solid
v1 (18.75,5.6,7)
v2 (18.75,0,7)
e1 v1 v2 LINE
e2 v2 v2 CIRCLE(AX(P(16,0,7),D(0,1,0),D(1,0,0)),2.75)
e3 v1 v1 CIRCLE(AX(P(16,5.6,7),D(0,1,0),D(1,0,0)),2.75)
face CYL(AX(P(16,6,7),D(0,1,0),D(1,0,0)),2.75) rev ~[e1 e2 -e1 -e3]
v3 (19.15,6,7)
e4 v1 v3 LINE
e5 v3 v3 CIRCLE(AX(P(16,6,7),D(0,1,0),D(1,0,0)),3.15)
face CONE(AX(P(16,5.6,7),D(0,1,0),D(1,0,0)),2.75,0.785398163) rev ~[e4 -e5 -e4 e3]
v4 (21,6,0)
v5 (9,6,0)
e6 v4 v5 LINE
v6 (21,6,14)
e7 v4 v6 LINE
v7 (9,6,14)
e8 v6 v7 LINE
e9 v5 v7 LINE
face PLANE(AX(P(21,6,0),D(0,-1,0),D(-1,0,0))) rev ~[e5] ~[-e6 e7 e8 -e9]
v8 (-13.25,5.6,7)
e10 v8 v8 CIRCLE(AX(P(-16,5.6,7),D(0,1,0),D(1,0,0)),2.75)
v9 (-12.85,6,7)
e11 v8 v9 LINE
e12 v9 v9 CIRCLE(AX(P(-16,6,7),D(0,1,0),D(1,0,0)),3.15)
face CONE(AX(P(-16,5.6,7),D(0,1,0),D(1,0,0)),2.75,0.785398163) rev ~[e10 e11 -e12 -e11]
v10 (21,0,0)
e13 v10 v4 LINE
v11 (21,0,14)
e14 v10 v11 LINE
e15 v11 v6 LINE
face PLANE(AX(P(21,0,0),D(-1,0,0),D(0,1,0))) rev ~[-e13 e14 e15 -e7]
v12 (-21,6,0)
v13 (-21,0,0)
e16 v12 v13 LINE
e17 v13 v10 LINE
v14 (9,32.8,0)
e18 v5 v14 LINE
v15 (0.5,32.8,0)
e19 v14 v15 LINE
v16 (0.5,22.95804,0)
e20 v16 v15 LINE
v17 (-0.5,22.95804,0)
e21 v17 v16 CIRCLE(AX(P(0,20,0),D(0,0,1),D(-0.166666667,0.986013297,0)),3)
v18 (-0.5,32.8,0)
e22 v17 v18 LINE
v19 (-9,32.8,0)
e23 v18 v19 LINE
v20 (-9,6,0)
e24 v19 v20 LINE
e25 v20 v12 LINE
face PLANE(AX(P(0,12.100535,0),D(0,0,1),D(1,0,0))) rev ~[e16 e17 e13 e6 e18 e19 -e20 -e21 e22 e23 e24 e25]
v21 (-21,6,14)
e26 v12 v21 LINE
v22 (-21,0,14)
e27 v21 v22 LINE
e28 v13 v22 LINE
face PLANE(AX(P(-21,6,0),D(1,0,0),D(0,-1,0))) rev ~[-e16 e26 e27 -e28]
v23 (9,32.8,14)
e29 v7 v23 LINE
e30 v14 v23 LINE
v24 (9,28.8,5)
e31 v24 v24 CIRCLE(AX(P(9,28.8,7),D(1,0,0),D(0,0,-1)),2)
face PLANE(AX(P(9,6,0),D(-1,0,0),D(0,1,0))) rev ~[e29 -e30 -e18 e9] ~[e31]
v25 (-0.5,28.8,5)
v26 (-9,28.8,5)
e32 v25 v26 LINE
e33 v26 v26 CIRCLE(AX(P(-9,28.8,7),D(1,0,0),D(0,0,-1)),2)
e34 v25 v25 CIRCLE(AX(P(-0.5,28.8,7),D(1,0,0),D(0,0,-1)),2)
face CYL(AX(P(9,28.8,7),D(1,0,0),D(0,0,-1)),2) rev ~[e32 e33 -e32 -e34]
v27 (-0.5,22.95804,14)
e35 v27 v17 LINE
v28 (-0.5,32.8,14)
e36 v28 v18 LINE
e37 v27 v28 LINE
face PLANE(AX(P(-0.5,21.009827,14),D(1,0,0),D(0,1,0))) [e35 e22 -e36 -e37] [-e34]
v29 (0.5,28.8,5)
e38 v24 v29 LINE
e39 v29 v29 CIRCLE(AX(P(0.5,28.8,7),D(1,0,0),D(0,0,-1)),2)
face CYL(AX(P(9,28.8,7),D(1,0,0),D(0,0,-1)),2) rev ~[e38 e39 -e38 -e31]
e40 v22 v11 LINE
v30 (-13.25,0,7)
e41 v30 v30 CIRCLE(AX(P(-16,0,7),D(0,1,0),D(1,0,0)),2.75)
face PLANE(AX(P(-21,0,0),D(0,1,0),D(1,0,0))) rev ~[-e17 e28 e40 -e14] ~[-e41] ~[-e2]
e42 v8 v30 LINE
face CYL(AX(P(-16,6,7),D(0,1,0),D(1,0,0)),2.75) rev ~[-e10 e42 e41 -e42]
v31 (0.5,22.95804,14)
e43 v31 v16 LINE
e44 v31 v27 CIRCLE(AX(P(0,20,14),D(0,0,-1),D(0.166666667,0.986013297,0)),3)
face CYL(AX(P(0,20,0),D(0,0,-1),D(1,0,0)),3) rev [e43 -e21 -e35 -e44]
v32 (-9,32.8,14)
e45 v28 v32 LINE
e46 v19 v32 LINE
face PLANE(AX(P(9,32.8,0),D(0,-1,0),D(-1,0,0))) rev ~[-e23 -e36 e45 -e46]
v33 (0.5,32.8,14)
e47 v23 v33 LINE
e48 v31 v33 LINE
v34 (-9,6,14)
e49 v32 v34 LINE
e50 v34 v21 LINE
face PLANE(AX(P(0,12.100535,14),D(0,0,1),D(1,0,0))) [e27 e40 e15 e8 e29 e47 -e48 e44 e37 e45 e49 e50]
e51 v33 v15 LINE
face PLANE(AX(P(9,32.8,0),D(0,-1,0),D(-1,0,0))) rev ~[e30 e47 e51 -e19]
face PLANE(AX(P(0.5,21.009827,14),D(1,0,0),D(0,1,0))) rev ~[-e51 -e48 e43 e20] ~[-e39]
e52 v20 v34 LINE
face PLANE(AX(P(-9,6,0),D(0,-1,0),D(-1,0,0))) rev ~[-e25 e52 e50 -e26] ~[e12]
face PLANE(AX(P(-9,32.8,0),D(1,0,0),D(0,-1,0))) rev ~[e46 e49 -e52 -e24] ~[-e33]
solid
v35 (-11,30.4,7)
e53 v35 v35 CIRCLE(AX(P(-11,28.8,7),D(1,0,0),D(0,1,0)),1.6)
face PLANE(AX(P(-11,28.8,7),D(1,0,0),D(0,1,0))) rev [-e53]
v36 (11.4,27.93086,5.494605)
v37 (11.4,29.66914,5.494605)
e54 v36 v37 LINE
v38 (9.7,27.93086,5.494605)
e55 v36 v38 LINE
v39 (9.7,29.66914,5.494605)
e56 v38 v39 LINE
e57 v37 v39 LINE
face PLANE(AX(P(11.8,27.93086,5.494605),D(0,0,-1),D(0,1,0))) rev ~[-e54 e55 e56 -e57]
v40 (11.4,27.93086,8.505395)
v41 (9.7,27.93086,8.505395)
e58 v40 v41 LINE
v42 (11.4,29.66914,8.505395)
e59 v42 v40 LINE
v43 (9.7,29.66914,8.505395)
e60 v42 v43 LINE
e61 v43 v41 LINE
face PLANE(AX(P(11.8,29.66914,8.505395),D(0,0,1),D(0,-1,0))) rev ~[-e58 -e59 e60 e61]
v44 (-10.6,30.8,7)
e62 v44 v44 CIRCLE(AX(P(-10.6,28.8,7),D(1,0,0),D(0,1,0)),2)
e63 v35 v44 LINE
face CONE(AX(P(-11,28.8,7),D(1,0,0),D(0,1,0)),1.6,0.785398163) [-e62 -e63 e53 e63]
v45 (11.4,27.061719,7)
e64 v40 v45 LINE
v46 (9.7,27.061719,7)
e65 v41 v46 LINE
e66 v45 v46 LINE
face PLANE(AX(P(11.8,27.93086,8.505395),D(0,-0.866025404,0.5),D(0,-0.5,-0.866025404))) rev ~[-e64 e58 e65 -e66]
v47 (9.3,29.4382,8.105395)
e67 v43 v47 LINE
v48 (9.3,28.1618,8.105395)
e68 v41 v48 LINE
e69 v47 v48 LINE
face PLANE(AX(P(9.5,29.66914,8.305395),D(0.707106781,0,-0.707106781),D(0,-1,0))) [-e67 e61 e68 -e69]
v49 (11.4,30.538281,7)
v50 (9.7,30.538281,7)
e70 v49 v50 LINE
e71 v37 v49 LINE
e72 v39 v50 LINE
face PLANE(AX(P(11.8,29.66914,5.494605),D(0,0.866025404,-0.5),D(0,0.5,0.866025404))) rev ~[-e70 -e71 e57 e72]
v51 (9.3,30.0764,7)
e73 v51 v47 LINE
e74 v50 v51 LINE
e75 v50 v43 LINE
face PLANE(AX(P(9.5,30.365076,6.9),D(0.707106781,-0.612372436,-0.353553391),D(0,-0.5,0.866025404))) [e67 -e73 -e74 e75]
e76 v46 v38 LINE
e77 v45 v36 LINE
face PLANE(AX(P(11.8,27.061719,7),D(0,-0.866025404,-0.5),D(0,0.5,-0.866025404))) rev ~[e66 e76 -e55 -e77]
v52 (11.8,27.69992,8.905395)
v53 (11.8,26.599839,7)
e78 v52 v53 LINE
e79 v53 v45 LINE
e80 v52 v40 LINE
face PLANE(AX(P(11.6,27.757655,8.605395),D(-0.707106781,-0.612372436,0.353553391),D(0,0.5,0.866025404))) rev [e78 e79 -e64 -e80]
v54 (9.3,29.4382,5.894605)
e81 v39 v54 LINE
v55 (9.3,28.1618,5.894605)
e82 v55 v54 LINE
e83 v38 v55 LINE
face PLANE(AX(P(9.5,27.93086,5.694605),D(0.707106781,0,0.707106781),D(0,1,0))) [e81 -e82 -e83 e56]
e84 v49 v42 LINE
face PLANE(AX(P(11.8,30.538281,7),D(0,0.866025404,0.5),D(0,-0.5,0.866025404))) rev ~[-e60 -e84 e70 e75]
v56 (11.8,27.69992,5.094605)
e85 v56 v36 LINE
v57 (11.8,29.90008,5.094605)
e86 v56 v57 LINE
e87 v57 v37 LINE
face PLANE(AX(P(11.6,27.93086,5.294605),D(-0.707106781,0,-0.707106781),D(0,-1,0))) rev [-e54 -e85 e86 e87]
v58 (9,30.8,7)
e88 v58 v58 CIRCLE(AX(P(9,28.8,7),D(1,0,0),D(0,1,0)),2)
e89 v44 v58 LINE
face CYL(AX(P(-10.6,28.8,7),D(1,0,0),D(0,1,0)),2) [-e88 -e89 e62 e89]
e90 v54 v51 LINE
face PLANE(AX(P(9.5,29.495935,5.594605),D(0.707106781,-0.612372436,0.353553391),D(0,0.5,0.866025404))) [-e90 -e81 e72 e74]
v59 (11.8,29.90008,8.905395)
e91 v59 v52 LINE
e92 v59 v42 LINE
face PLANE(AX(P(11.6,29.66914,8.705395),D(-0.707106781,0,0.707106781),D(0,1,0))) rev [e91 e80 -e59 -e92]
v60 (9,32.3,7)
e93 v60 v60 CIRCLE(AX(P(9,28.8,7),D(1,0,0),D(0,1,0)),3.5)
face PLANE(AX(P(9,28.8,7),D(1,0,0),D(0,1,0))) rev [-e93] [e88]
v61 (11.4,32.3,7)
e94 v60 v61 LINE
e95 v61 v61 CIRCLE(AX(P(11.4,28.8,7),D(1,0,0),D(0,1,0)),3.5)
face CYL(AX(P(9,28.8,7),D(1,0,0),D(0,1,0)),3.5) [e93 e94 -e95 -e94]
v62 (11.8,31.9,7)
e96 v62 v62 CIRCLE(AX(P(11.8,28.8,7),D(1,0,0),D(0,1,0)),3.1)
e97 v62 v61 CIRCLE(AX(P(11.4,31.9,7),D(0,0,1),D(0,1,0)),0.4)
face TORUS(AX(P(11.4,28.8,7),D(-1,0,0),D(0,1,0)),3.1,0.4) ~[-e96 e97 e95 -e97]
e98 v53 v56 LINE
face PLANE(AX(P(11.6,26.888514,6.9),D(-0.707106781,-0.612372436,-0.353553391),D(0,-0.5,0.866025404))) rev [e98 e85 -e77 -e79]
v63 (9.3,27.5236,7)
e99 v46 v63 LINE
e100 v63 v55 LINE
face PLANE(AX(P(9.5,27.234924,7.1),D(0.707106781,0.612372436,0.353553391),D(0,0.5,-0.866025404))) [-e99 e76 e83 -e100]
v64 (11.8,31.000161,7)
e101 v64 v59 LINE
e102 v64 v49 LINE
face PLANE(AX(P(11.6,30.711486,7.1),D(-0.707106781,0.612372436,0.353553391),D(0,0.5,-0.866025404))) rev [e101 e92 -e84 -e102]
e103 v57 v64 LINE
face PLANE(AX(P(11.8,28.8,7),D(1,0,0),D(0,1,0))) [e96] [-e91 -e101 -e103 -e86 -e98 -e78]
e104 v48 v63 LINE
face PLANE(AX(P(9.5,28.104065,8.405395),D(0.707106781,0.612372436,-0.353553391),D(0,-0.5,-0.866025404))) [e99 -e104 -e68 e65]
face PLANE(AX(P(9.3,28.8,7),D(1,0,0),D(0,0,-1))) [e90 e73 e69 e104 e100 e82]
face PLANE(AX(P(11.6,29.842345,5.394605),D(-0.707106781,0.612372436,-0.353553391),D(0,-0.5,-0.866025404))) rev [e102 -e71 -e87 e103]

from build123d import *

# Parameters (mm, degrees)
SKETCH1_R                = 3
BOSS_EXTRUDE1_DEPTH      = 14
SKETCH3_W                = 1
SKETCH3_H                = 11.790173319
CUT_EXTRUDE1_DEPTH       = 19
SKETCH2_R                = 2
CUT_EXTRUDE3_DEPTH       = 31
SKETCH5_R                = 2.75
CUT_EXTRUDE5_DEPTH       = 22
TAGLIO_ESTRUSIONE1_DEPTH = 2.5
SMUSSO1_SIZE             = 0.4
RACCORDO1_R              = 0.4
SMUSSO2_SIZE             = 0.4


with BuildPart() as part:
    # Sketch1 → Boss-Extrude1 (new body)
    with BuildSketch(Plane.XY):
        Polygon((-21, 0), (21, 0), (21, 6), (9, 6), (9, 32.8), (-9, 32.8), (-9, 6), (-21, 6), align=None)
        with Locations((0, 20)):
            Circle(SKETCH1_R, mode=Mode.SUBTRACT)
    extrude(amount=BOSS_EXTRUDE1_DEPTH)

    # Sketch3 → Cut-Extrude1 (cut)
    with BuildSketch(Plane.XY.offset(14)):
        with Locations((0, 26.904913341)):
            Rectangle(SKETCH3_W, SKETCH3_H)
    extrude(amount=-CUT_EXTRUDE1_DEPTH, mode=Mode.SUBTRACT)

    # Sketch2 → Cut-Extrude3 (cut)
    with BuildSketch(Plane(origin=(9, 0, 0), x_dir=(0, 0, -1), z_dir=(1, 0, 0))):
        with Locations((-7, 28.8)):
            Circle(SKETCH2_R)
    extrude(amount=-CUT_EXTRUDE3_DEPTH, mode=Mode.SUBTRACT)

    # Sketch5 → Cut-Extrude5 (cut)
    with BuildSketch(Plane(origin=(0, 6, 0), x_dir=(1, 0, 0), z_dir=(0, 1, 0))):
        with Locations((16, -7)):
            Circle(SKETCH5_R)
        with Locations((-16, -7)):
            Circle(SKETCH5_R)
    extrude(amount=-CUT_EXTRUDE5_DEPTH, mode=Mode.SUBTRACT)

    # Smusso2
    smusso2_edges = [part.edges().sort_by_distance(p)[0] for p in [
        (13.25, 6, 7),
        (-18.75, 6, 7),
    ]]
    chamfer(smusso2_edges, length=SMUSSO2_SIZE)


with BuildPart() as body_2:
    # Schizzo1 → Rivoluzione1 (revolve)
    with BuildSketch(Plane.XY.offset(7)):
        Polygon((11.8, 28.8), (-11, 28.8), (-11, 30.4), (-10.6, 30.8), (9, 30.8), (9, 32.3), (11.8, 32.3), align=None)
    revolve(axis=Axis((-22.704724307, 28.8, 7), (1, 0, 0)))

    # Schizzo2 → Taglio-Estrusione1 (cut)
    with BuildSketch(Plane(origin=(11.8, 0, 0), x_dir=(0, 0, -1), z_dir=(1, 0, 0))):
        Polygon((-7, 30.538280632), (-8.505395186, 29.669140316), (-8.505395186, 27.930859684), (-7, 27.061719368), (-5.494604814, 27.930859684), (-5.494604814, 29.669140316), align=None)
    extrude(amount=-TAGLIO_ESTRUSIONE1_DEPTH, mode=Mode.SUBTRACT)

    # Smusso1
    smusso1_edges = [body_2.edges().sort_by_distance(p)[0] for p in [
        (9.3, 30.103710474, 6.247302407),
        (9.3, 28.8, 5.494604814),
        (9.3, 27.496289526, 6.247302407),
        (9.3, 27.496289526, 7.752697593),
        (9.3, 28.8, 8.505395186),
        (9.3, 30.103710474, 7.752697593),
        (11.8, 30.103710474, 6.247302407),
        (11.8, 30.103710474, 7.752697593),
        (11.8, 28.8, 8.505395186),
        (11.8, 27.496289526, 7.752697593),
        (11.8, 27.496289526, 6.247302407),
        (11.8, 28.8, 5.494604814),
    ]]
    chamfer(smusso1_edges, length=SMUSSO1_SIZE)

    # Raccordo1
    raccordo1_edges = [body_2.edges().sort_by_distance(p)[0] for p in [
        (11.8, 25.3, 7),
    ]]
    fillet(raccordo1_edges, radius=RACCORDO1_R)


solid = Compound([part.part, body_2.part])
